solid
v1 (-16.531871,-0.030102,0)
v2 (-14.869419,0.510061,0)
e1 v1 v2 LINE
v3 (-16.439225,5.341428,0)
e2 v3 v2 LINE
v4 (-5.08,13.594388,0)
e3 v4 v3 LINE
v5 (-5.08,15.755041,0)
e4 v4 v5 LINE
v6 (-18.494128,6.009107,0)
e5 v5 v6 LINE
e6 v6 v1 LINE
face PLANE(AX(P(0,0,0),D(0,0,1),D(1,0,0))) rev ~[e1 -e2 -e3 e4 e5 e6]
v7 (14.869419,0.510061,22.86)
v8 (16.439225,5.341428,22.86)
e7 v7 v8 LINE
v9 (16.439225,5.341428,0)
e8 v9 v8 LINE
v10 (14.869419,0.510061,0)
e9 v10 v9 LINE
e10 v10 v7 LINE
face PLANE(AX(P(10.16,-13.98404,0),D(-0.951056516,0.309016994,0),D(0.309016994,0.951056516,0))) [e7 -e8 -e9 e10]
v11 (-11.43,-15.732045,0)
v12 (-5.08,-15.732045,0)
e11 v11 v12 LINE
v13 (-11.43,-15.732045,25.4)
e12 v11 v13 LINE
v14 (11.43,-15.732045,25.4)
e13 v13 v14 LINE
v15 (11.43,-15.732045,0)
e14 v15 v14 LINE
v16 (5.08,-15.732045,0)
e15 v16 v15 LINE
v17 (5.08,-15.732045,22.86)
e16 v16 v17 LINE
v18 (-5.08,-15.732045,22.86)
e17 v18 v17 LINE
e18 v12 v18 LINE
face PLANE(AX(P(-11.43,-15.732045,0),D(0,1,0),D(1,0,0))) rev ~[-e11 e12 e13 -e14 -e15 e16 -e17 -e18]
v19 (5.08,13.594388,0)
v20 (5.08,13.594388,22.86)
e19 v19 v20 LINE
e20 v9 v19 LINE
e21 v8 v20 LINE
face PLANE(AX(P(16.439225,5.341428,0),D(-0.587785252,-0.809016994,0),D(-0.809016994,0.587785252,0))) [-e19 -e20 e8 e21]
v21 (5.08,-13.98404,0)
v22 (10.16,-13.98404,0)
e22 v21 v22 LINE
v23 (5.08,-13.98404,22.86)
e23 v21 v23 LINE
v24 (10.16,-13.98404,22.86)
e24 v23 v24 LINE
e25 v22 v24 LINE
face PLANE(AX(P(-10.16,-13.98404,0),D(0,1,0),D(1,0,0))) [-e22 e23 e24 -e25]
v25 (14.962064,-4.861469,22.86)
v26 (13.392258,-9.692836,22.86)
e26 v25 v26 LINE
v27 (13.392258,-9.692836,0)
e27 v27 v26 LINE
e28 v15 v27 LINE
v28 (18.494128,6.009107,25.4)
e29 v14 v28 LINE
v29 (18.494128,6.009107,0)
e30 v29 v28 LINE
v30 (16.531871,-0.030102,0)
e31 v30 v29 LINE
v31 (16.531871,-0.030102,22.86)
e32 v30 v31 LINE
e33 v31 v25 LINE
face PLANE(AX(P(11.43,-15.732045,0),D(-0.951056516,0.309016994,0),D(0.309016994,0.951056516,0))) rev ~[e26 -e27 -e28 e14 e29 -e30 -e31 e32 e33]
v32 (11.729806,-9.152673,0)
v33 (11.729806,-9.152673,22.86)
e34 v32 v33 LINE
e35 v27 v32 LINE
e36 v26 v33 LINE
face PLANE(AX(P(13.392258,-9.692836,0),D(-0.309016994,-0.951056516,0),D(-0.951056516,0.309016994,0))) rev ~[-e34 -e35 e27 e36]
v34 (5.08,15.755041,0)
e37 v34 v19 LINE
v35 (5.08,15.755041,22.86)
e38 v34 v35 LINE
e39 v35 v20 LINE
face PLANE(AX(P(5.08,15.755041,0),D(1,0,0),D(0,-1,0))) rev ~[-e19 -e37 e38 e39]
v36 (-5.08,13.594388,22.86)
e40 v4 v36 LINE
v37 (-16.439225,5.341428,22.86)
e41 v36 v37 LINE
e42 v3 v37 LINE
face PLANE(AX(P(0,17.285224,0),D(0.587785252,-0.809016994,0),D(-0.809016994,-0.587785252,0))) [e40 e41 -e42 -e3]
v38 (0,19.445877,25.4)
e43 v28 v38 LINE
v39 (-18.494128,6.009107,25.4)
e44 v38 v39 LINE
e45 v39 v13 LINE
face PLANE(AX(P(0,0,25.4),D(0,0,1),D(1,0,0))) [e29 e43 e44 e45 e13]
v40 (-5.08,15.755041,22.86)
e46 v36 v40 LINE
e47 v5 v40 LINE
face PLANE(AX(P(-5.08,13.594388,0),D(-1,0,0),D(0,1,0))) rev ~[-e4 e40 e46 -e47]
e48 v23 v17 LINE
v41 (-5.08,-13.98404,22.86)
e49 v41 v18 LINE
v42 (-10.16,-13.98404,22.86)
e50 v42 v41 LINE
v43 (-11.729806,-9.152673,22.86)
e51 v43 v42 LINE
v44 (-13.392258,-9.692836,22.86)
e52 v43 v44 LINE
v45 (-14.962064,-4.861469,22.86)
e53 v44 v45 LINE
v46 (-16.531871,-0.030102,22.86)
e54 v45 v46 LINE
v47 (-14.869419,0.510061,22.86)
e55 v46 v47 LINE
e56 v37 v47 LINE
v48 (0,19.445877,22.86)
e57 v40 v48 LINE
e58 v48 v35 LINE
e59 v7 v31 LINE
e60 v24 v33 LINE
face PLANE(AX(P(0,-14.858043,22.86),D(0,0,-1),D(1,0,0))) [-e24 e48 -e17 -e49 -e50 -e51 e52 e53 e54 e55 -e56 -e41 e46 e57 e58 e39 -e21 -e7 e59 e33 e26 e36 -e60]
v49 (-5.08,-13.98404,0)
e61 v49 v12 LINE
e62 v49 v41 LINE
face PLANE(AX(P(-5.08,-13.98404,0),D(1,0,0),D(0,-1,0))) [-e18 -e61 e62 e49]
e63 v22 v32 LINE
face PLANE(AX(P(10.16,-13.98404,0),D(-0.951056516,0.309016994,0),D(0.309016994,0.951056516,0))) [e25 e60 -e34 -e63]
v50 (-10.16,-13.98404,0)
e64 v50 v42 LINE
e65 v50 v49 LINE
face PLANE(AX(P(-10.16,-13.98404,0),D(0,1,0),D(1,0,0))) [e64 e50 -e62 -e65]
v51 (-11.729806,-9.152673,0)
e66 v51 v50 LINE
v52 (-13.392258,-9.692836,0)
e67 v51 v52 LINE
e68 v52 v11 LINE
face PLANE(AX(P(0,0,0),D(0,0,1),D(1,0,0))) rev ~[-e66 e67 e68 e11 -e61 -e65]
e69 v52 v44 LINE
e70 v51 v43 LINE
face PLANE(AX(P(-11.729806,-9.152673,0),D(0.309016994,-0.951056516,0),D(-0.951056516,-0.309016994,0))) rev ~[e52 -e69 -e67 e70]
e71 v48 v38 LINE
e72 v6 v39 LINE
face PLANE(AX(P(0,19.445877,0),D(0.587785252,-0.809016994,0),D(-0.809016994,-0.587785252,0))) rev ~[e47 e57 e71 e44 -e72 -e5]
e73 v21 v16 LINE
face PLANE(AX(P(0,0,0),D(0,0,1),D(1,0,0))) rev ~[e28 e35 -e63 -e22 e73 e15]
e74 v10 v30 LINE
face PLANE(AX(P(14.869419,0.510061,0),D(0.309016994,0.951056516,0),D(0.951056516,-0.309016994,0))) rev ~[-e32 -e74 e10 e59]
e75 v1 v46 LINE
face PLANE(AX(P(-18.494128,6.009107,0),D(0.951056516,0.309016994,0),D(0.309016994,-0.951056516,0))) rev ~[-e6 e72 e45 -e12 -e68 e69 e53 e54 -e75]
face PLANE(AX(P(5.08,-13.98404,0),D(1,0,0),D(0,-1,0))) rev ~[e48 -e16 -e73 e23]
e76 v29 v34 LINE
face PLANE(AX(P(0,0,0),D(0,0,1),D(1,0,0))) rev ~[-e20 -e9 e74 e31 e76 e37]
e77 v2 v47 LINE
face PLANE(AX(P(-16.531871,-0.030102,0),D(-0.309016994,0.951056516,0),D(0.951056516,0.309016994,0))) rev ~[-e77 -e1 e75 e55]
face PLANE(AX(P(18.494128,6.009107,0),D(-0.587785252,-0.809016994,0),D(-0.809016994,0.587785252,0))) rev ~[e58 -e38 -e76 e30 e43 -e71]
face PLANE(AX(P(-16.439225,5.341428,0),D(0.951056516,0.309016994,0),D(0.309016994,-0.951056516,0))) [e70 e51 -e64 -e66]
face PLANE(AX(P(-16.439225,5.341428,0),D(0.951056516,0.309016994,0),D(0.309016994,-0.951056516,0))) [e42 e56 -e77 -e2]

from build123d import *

# Parameters (mm, degrees)
F1_DEPTH = 25.4
F3_DEPTH = 22.86
F4_W     = 10.16
F4_H     = 1.748005039
F5_DEPTH = 22.86


with BuildPart() as f1:
    # F0 (on Top) → F1 (new body)
    with BuildSketch(Plane.XY):
        Polygon((-11.43, -15.732045351), (11.43, -15.732045351), (18.4941284914, 6.0091066115), (0, 19.4458774789), (-18.4941284914, 6.0091066115), align=None)
    extrude(amount=F1_DEPTH)

    # F2 (on Top) → F3 (cut)
    with BuildSketch(Plane.XY):
        Polygon((10.16, -13.984040312), (16.4392253257, 5.3414280991), (0, 17.2852244257), (-16.4392253257, 5.3414280991), (-10.16, -13.984040312), align=None)
    extrude(amount=F3_DEPTH, mode=Mode.SUBTRACT)

    # F4 (on face) → F5 (cut)
    with BuildSketch(Plane(origin=(0, 0, 0), x_dir=(1, 0, 0), z_dir=(0, 0, -1))):
        Polygon((-14.8694189943, -0.5100609964), (-13.2996126628, 4.3213061064), (-14.9620642457, 4.8614693697), (-16.5318705771, 0.030102267), align=None)
        Polygon((-14.9620642457, 4.8614693697), (-13.2996126628, 4.3213061064), (-11.7298063314, 9.1526732092), (-13.3922579143, 9.6928364725), align=None)
        Polygon((11.7298063314, 9.1526732092), (13.2996126628, 4.3213061064), (14.9620642457, 4.8614693697), (13.3922579143, 9.6928364725), align=None)
        Polygon((14.9620642457, 4.8614693697), (13.2996126628, 4.3213061064), (14.8694189943, -0.5100609964), (16.5318705771, 0.030102267), align=None)
        Polygon((0, -19.4458774789), (0, -17.2852244257), (-5.08, -13.5943883834), (-5.08, -15.7550414367), align=None)
        Polygon((5.08, -13.5943883834), (0, -17.2852244257), (0, -19.4458774789), (5.08, -15.7550414367), align=None)
        with Locations((0, 14.8580428315)):
            Rectangle(F4_W, F4_H)
    extrude(amount=-F5_DEPTH, mode=Mode.SUBTRACT)


solid = f1.part
